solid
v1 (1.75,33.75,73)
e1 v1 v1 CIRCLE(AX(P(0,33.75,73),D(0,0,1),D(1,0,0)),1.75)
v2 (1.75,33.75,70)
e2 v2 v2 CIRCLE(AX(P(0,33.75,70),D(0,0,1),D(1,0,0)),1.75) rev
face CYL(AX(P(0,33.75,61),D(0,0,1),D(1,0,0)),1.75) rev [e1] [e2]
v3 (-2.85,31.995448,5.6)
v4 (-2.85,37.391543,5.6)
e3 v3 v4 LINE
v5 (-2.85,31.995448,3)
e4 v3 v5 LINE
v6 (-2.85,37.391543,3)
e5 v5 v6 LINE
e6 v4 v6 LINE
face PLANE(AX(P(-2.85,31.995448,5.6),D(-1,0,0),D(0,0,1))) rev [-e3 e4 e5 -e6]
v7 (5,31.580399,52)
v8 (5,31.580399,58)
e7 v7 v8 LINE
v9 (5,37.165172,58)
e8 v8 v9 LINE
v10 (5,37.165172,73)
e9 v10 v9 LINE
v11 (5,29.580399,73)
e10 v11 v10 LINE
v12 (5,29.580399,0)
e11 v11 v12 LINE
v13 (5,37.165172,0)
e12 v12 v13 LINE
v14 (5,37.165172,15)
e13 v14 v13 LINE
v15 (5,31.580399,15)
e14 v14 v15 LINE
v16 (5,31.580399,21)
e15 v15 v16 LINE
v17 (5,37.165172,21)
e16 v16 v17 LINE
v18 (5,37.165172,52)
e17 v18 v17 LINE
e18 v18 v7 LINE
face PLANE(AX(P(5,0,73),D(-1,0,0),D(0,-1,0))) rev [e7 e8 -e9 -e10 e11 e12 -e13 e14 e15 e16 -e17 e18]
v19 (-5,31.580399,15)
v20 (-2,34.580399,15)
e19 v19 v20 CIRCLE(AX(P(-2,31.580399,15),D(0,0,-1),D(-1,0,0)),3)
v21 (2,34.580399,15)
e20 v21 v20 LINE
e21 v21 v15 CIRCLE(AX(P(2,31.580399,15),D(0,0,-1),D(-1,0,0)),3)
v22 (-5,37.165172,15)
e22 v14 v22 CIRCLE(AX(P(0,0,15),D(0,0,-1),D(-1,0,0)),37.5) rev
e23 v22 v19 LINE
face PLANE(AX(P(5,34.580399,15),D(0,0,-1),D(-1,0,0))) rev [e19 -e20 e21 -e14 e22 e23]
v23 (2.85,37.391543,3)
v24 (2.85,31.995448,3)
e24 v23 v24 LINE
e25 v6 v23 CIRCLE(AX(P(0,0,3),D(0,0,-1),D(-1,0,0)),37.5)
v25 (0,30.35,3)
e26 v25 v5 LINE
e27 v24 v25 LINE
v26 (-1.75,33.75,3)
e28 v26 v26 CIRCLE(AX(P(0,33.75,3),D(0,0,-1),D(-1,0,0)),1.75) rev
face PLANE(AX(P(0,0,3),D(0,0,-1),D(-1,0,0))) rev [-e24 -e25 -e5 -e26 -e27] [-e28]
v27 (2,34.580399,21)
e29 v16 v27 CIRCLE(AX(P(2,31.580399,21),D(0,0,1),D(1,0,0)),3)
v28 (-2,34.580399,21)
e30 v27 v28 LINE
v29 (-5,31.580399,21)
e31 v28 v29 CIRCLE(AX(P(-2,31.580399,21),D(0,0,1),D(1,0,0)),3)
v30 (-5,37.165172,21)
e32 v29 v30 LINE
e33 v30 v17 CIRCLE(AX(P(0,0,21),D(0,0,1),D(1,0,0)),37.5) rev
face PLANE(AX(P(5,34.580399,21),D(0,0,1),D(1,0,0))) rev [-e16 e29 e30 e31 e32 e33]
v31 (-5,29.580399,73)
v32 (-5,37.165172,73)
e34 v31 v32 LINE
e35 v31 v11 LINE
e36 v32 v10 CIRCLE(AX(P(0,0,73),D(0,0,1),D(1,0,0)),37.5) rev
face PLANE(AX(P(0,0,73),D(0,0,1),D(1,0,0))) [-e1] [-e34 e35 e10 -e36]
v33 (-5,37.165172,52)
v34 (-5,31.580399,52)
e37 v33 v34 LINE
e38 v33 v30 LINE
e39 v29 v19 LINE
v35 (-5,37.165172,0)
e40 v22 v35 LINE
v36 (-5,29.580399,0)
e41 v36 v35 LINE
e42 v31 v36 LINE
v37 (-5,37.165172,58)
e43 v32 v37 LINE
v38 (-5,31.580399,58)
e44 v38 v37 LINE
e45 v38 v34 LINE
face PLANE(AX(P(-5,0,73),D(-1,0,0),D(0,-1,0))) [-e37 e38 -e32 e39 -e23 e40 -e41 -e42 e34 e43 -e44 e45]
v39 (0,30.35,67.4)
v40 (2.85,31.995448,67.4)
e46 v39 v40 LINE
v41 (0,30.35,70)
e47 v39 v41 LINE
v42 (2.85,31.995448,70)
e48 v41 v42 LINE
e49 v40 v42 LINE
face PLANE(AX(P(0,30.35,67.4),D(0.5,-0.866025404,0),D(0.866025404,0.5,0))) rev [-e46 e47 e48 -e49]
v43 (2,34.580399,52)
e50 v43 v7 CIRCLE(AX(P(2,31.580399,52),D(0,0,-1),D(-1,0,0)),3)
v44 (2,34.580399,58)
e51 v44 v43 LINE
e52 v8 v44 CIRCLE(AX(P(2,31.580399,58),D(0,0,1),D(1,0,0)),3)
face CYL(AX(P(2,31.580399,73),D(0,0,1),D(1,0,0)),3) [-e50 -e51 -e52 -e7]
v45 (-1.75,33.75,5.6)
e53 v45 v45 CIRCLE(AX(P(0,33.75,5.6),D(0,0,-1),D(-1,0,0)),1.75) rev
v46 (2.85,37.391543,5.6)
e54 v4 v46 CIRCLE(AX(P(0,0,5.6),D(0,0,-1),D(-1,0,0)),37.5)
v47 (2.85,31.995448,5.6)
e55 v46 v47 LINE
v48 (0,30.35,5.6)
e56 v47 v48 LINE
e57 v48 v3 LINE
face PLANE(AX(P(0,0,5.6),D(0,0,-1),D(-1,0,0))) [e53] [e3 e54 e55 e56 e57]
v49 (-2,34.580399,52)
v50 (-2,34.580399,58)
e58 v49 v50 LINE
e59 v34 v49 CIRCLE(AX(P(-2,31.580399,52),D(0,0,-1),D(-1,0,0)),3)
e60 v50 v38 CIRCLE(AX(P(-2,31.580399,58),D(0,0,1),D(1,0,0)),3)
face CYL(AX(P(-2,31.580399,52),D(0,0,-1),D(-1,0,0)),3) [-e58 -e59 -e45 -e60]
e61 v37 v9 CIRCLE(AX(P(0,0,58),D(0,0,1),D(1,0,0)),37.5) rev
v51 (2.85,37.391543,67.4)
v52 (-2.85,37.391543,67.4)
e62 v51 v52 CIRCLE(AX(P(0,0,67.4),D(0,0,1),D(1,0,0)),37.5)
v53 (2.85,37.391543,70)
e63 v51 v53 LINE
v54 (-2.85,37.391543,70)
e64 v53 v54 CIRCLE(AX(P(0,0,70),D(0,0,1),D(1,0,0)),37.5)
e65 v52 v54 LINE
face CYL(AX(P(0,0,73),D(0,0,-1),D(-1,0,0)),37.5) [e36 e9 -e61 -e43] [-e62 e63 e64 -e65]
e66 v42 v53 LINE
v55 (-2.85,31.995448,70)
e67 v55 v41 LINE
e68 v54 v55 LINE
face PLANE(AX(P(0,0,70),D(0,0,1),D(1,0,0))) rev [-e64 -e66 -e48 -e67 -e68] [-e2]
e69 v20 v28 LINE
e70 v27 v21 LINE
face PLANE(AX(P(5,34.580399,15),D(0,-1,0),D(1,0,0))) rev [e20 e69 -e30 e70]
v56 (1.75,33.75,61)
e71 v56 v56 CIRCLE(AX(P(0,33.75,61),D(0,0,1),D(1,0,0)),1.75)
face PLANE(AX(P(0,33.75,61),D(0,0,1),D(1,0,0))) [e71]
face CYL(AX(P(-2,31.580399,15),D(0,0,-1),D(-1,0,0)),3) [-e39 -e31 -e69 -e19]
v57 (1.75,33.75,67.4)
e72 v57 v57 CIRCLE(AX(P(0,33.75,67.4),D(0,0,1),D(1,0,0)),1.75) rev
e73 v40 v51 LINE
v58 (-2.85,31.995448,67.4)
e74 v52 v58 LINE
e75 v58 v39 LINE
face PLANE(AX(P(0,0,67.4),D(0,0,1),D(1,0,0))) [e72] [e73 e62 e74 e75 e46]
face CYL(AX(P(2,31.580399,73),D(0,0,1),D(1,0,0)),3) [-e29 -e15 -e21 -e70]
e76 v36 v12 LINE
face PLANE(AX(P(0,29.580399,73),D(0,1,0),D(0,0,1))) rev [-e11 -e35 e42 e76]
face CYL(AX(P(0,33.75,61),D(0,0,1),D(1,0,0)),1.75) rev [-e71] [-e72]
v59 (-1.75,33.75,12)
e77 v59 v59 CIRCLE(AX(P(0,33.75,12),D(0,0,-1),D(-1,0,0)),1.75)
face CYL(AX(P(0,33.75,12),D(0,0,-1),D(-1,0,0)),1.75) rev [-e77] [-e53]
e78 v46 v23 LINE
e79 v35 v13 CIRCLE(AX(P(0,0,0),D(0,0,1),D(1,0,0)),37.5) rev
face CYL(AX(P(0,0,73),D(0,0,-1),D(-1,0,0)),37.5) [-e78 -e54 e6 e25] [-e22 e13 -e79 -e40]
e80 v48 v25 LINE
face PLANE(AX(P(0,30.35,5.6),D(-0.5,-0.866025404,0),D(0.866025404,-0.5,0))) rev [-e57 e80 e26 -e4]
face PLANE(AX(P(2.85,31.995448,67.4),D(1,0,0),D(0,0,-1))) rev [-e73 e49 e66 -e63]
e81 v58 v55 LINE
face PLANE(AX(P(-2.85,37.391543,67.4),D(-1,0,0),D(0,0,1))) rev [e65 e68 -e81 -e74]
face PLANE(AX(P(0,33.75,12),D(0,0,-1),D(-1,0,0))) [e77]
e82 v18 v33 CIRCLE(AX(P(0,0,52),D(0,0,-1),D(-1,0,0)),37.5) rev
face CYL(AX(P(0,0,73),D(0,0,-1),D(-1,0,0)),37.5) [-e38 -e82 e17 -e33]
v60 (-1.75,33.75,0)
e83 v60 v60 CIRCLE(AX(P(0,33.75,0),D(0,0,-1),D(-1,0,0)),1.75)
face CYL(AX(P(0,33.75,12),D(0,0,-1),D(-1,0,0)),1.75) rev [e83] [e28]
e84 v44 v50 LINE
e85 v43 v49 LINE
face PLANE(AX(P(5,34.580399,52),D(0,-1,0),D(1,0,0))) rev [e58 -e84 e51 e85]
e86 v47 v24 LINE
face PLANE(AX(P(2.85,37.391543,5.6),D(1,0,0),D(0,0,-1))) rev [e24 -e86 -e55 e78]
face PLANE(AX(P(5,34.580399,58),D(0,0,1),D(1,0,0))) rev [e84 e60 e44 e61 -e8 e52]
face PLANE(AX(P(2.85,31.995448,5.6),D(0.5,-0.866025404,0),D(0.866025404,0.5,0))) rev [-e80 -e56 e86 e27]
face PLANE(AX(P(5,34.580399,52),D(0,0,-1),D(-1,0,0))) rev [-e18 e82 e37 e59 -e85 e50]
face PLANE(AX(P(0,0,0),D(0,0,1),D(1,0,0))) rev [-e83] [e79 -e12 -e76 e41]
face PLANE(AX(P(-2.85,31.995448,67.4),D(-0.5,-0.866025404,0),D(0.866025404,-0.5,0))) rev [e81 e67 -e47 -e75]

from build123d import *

# Parameters (mm, degrees)
BOSS_EXTRU_2_DEPTH      = 73
ESQUISSE6_W             = 6
ESQUISSE6_H             = 5
ENL_V_MAT_EXTRU_3_DEPTH = 83.675570757
ESQUISSE7_R             = 1.75
ENL_V_MAT_EXTRU_4_DEPTH = 12
ENL_V_START             = -12
ESQUISSE8_R             = 1.75
ENL_V_MAT_EXTRU_5_DEPTH = 12
CONG_1_R                = 3
ENL_V_START_2           = -3
ENL_V_MAT_EXTRU_6_DEPTH = 2.6
ENL_V_START_3           = -5.6
ENL_V_MAT_EXTRU_7_DEPTH = 2.6


with BuildPart() as part:
    # Esquisse3 → Boss.-Extru.2 (new body)
    with BuildSketch(Plane.XY):
        with BuildLine():
            ThreePointArc((-5, 37.165171868), (0, 37.5), (5, 37.165171868))
            Line((5, 37.165171868), (5, 29.580398915))
            Line((5, 29.580398915), (-5, 29.580398915))
            Line((-5, 29.580398915), (-5, 37.165171868))
        make_face()
    extrude(amount=BOSS_EXTRU_2_DEPTH)

    # Esquisse6 → Enlèv. mat.-Extru.3 (cut, through all)
    with BuildSketch(Plane.ZY.offset(5)):
        with Locations((18, 37.080398915)):
            Rectangle(ESQUISSE6_W, ESQUISSE6_H)
        with Locations((55, 37.080398915)):
            Rectangle(ESQUISSE6_W, ESQUISSE6_H)
    extrude(amount=-ENL_V_MAT_EXTRU_3_DEPTH, mode=Mode.SUBTRACT)

    # Esquisse7 → Enlèv. mat.-Extru.4 (cut)
    with BuildSketch(Plane.XY.offset(73)):
        with Locations((0, 33.75)):
            Circle(ESQUISSE7_R)
    extrude(amount=-ENL_V_MAT_EXTRU_4_DEPTH, mode=Mode.SUBTRACT)

    # Esquisse8 → Enlèv. mat.-Extru.5 (cut)
    with BuildSketch(Plane(origin=(0, 0, 0), x_dir=(-1, 0, 0), z_dir=(0, 0, -1)).offset(ENL_V_START)):
        with Locations(Location((0, 33.75, 0), (0, 0, 180))):
            Circle(ESQUISSE8_R)
    extrude(amount=ENL_V_MAT_EXTRU_5_DEPTH, mode=Mode.SUBTRACT)

    # Congé1
    cong_1_edges = [part.edges().sort_by_distance(p)[0] for p in [
        (5, 34.580398915, 18),
        (-5, 34.580398915, 18),
        (5, 34.580398915, 55),
        (-5, 34.580398915, 55),
    ]]
    fillet(cong_1_edges, radius=CONG_1_R)

    # Esquisse9 → Enlèv. mat.-Extru.6 (cut)
    with BuildSketch(Plane(origin=(0, 0, 0), x_dir=(-1, 0, 0), z_dir=(0, 0, -1)).offset(ENL_V_START_2)):
        with BuildLine():
            Line((-2.85, 37.391543162), (-2.85, 31.995448267))
            Line((-2.85, 31.995448267), (0, 30.35))
            Line((0, 30.35), (2.85, 31.995448267))
            Line((2.85, 31.995448267), (2.85, 37.391543162))
            ThreePointArc((2.85, 37.391543162), (0, 37.5), (-2.85, 37.391543162))
        make_face()
    extrude(amount=-ENL_V_MAT_EXTRU_6_DEPTH, mode=Mode.SUBTRACT)

    # Esquisse10 → Enlèv. mat.-Extru.7 (cut)
    with BuildSketch(Plane.XY.offset(73).offset(ENL_V_START_3)):
        with BuildLine():
            Line((-2.85, 37.391543162), (-2.85, 31.995448267))
            Line((-2.85, 31.995448267), (0, 30.35))
            Line((0, 30.35), (2.85, 31.995448267))
            Line((2.85, 31.995448267), (2.85, 37.391543162))
            ThreePointArc((2.85, 37.391543162), (0, 37.5), (-2.85, 37.391543162))
        make_face()
    extrude(amount=ENL_V_MAT_EXTRU_7_DEPTH, mode=Mode.SUBTRACT)


solid = part.part
